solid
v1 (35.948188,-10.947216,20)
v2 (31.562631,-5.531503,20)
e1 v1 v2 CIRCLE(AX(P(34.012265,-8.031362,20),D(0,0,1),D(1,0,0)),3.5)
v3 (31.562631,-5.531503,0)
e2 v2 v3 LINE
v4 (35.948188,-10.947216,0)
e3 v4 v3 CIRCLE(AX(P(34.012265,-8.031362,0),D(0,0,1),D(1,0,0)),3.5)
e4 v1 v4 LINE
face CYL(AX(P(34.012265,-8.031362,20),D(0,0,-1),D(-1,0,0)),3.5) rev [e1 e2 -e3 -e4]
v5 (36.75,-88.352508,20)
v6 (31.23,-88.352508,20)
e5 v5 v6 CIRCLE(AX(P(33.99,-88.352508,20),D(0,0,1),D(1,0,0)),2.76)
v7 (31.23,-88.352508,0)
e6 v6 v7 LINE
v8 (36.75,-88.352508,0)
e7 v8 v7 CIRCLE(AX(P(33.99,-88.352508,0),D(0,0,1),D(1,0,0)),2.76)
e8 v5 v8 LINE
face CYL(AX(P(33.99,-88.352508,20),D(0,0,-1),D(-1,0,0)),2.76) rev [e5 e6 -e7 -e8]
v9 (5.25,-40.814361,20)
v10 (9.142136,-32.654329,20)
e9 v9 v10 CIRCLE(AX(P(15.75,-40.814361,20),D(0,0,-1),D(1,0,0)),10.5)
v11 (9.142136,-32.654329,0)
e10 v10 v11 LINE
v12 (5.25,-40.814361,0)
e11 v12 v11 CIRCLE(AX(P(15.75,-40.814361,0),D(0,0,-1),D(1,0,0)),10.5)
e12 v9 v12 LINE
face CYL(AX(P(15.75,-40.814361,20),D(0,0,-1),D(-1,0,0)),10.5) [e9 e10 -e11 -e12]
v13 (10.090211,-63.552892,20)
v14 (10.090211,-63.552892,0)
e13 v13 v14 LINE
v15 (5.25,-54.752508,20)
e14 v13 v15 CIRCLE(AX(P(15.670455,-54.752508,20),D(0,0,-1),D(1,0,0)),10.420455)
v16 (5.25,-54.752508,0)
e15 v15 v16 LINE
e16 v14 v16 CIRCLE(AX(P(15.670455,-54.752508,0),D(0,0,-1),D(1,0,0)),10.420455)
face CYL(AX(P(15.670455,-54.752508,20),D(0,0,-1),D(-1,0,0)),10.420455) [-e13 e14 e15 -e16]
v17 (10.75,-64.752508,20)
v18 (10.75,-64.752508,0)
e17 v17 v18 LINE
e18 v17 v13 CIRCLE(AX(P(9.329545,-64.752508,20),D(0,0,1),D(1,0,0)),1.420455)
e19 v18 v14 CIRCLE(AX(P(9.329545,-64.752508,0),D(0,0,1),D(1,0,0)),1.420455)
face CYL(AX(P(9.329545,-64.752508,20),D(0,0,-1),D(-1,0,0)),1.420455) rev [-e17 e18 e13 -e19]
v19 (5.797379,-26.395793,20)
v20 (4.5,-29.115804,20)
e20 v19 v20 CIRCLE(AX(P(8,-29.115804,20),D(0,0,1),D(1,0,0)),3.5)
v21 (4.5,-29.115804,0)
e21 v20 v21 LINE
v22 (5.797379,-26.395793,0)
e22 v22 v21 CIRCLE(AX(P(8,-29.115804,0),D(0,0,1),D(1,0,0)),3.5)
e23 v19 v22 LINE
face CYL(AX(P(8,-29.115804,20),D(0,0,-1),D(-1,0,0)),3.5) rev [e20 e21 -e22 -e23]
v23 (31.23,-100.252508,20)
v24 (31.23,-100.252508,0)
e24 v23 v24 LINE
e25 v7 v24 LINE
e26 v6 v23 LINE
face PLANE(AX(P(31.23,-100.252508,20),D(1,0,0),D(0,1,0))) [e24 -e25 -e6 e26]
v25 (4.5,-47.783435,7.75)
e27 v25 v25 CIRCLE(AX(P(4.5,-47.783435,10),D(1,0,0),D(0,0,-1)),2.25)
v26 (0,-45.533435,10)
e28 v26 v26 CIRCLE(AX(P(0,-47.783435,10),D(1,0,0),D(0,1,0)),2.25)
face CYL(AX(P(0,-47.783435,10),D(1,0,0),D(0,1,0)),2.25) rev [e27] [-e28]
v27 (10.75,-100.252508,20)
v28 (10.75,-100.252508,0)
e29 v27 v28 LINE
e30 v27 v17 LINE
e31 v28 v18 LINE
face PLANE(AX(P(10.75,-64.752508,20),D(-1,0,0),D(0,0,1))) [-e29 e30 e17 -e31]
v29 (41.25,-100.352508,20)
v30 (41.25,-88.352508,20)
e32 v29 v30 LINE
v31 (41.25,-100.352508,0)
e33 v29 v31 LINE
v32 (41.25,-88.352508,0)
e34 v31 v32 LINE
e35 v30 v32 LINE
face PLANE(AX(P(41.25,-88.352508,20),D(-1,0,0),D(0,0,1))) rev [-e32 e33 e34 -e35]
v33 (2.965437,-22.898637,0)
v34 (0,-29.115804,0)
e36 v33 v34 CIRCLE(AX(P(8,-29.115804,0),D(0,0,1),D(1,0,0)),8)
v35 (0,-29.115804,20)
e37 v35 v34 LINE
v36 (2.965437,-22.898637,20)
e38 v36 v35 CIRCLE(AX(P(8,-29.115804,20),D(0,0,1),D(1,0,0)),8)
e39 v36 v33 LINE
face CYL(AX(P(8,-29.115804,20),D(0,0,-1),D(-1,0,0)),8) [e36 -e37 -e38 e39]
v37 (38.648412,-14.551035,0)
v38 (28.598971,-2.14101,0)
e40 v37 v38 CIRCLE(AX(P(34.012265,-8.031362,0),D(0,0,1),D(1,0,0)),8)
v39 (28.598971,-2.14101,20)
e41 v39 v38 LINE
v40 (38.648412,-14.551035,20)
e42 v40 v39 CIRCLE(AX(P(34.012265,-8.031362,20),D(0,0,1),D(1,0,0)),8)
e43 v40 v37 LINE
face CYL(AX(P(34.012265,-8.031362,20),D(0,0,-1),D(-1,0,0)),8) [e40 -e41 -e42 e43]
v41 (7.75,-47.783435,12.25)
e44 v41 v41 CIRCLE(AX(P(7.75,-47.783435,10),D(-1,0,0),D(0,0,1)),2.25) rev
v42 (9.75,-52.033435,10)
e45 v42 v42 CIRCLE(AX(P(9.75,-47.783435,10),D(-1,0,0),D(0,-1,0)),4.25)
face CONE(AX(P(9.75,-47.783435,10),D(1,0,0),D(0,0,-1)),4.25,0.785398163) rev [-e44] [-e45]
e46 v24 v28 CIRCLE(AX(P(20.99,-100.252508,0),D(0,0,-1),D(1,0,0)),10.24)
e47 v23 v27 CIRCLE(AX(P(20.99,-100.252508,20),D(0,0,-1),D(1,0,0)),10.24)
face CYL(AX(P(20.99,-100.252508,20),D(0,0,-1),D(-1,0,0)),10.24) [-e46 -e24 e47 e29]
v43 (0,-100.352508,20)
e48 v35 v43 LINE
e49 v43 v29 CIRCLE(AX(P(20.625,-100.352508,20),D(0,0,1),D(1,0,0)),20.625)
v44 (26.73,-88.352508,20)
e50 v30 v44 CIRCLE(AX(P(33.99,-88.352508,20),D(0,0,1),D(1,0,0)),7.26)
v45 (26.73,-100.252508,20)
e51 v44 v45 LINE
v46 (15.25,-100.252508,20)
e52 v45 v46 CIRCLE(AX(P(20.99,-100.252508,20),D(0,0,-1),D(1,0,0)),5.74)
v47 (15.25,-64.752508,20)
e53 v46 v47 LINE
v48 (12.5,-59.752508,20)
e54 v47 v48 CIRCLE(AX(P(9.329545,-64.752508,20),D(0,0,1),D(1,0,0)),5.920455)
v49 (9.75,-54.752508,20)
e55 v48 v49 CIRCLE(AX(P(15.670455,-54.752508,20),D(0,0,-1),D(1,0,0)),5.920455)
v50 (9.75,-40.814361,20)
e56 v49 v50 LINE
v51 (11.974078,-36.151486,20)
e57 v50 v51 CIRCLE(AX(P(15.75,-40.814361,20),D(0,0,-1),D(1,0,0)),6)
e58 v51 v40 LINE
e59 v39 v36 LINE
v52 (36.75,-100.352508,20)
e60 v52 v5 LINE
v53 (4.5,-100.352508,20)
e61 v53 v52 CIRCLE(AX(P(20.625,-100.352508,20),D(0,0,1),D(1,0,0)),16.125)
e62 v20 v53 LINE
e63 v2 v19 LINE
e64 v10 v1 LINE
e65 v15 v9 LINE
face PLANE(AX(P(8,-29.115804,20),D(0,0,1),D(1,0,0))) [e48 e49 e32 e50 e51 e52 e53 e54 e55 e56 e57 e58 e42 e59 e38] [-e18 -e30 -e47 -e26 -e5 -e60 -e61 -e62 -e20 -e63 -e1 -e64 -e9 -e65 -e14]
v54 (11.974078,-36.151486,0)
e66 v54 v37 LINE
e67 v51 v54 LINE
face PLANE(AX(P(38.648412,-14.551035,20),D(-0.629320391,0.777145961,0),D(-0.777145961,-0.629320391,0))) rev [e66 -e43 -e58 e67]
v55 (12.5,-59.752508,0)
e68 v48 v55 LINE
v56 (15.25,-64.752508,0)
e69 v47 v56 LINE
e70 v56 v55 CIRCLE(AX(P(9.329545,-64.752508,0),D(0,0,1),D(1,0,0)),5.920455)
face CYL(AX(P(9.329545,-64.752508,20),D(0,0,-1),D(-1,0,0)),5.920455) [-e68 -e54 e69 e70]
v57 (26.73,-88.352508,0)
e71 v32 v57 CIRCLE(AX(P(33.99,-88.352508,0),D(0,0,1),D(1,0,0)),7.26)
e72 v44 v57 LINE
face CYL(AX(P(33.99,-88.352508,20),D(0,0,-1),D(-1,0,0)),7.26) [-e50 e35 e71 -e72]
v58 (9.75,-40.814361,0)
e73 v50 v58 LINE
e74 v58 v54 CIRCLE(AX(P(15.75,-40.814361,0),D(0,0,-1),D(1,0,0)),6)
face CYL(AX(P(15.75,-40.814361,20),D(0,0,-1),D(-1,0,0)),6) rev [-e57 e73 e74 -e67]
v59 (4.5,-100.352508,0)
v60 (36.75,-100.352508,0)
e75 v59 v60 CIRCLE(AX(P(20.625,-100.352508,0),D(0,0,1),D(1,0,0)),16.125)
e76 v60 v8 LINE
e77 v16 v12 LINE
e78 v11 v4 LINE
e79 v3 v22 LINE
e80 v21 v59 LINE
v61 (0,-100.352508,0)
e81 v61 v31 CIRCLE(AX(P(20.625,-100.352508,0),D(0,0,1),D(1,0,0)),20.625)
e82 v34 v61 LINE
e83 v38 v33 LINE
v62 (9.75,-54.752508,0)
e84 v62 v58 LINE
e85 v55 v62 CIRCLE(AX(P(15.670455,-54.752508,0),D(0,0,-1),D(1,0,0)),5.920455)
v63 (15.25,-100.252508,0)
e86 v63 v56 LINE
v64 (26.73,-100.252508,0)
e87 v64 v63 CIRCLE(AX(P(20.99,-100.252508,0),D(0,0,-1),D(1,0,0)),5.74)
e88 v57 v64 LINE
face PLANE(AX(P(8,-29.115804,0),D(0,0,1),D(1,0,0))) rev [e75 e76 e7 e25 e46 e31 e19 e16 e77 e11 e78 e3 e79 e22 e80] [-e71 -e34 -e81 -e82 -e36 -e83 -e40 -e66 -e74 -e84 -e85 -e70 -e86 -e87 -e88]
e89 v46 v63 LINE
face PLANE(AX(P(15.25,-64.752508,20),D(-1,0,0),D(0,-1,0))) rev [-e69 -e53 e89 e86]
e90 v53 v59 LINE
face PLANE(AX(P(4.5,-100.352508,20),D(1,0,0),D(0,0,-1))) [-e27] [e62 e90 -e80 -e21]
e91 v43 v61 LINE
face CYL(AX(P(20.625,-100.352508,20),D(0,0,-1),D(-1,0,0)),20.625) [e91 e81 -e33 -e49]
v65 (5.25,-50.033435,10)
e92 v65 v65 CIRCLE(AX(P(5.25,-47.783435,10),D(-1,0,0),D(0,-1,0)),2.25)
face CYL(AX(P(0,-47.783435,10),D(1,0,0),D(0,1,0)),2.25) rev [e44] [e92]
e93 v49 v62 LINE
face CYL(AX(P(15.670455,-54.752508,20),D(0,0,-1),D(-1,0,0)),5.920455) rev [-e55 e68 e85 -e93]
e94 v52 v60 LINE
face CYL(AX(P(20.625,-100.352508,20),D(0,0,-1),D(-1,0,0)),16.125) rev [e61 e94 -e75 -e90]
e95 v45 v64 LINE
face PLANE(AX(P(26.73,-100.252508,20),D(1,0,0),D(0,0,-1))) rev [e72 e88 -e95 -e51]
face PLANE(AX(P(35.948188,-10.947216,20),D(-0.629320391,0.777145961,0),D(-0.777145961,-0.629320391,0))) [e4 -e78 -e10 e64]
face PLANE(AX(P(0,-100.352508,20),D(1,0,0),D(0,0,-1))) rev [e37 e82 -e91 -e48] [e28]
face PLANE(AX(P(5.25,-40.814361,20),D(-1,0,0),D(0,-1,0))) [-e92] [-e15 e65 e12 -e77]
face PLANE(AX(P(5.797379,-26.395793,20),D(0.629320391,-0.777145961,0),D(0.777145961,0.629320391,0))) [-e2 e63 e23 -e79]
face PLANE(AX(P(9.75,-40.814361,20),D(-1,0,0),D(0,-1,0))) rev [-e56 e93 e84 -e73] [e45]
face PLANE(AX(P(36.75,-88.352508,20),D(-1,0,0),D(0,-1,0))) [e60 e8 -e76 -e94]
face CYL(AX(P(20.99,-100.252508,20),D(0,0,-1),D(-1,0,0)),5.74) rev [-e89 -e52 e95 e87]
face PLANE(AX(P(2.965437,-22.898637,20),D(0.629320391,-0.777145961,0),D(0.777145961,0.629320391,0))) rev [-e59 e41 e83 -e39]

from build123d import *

# Parameters (mm, degrees)
BOSS_EXTRU_1_DEPTH           = 20
ENL_V_MAT_EXTRU_1_DEPTH      = 127.792788454
ENL_V_MAT_EXTRU_1_DEPTH_BACK = 127.792788454
ESQUISSE4_R                  = 2.25
CHANFREIN1_SIZE              = 2


with BuildPart() as part:
    # Esquisse3 → Boss.-Extru.1 (new body)
    with BuildSketch(Plane.XY):
        with BuildLine():
            Line((0, -100.352508149), (0, -29.115804262))
            ThreePointArc((0, -29.115804262), (0.779317725, -25.671715487), (2.965436872, -22.89863657))
            Line((2.965436872, -22.89863657), (28.598971382, -2.141009609))
            ThreePointArc((28.598971382, -2.141009609), (40.22943243, -2.99679919), (38.648412133, -14.551035418))
            Line((38.648412133, -14.551035418), (11.974077654, -36.151485576))
            ThreePointArc((11.974077654, -36.151485576), (10.334488294, -38.231294764), (9.75, -40.814361345))
            Line((9.75, -40.814361345), (9.75, -54.752508149))
            ThreePointArc((9.75, -54.752508149), (10.482858086, -57.605686201), (12.5, -59.752508149))
            ThreePointArc((12.5, -59.752508149), (14.517141914, -61.899330096), (15.25, -64.752508149))
            Line((15.25, -64.752508149), (15.25, -100.252508149))
            ThreePointArc((15.25, -100.252508149), (20.99, -105.992508149), (26.73, -100.252508149))
            Line((26.73, -100.252508149), (26.73, -88.352508149))
            ThreePointArc((26.73, -88.352508149), (33.99, -81.092508149), (41.25, -88.352508149))
            Line((41.25, -88.352508149), (41.25, -100.352508149))
            ThreePointArc((41.25, -100.352508149), (20.625, -120.977508149), (0, -100.352508149))
        make_face()
        with BuildLine():
            Line((4.5, -100.352508149), (4.5, -29.115804262))
            ThreePointArc((4.5, -29.115804262), (4.840951505, -27.609015423), (5.797378631, -26.395793396))
            Line((5.797378631, -26.395793396), (31.562630973, -5.531503439))
            ThreePointArc((31.562630973, -5.531503439), (36.732275603, -5.82874095), (35.948188205, -10.947215595))
            Line((35.948188205, -10.947215595), (9.142135894, -32.654328749))
            ThreePointArc((9.142135894, -32.654328749), (6.272854514, -36.293994828), (5.25, -40.814361345))
            Line((5.25, -40.814361345), (5.25, -54.752508149))
            ThreePointArc((5.25, -54.752508149), (6.539886497, -59.774320575), (10.090211132, -63.552892026))
            ThreePointArc((10.090211132, -63.552892026), (10.574170325, -64.06796447), (10.75, -64.752508149))
            Line((10.75, -64.752508149), (10.75, -100.252508149))
            ThreePointArc((10.75, -100.252508149), (20.99, -110.492508149), (31.23, -100.252508149))
            Line((31.23, -100.252508149), (31.23, -88.352508149))
            ThreePointArc((31.23, -88.352508149), (33.99, -85.592508149), (36.75, -88.352508149))
            Line((36.75, -88.352508149), (36.75, -100.352508149))
            ThreePointArc((36.75, -100.352508149), (20.625, -116.477508149), (4.5, -100.352508149))
        make_face(mode=Mode.SUBTRACT)
    extrude(amount=BOSS_EXTRU_1_DEPTH)

    # Esquisse4 → Enlèv. mat.-Extru.1 (cut, two sides: drawn at the far end of the back side and taken through both)
    with BuildSketch(Plane(origin=(9.75, 0, 0), x_dir=(0, 0, -1), z_dir=(1, 0, 0)).offset(-ENL_V_MAT_EXTRU_1_DEPTH_BACK)):
        with Locations(Location((-10, -47.783434747, 0), (0, 0, 90))):
            Circle(ESQUISSE4_R)
    extrude(amount=ENL_V_MAT_EXTRU_1_DEPTH + ENL_V_MAT_EXTRU_1_DEPTH_BACK, mode=Mode.SUBTRACT)

    # Chanfrein1
    chanfrein1_edges = [part.edges().sort_by_distance(p)[0] for p in [
        (9.75, -50.033434747, 10),
    ]]
    chamfer(chanfrein1_edges, length=CHANFREIN1_SIZE)


solid = part.part
